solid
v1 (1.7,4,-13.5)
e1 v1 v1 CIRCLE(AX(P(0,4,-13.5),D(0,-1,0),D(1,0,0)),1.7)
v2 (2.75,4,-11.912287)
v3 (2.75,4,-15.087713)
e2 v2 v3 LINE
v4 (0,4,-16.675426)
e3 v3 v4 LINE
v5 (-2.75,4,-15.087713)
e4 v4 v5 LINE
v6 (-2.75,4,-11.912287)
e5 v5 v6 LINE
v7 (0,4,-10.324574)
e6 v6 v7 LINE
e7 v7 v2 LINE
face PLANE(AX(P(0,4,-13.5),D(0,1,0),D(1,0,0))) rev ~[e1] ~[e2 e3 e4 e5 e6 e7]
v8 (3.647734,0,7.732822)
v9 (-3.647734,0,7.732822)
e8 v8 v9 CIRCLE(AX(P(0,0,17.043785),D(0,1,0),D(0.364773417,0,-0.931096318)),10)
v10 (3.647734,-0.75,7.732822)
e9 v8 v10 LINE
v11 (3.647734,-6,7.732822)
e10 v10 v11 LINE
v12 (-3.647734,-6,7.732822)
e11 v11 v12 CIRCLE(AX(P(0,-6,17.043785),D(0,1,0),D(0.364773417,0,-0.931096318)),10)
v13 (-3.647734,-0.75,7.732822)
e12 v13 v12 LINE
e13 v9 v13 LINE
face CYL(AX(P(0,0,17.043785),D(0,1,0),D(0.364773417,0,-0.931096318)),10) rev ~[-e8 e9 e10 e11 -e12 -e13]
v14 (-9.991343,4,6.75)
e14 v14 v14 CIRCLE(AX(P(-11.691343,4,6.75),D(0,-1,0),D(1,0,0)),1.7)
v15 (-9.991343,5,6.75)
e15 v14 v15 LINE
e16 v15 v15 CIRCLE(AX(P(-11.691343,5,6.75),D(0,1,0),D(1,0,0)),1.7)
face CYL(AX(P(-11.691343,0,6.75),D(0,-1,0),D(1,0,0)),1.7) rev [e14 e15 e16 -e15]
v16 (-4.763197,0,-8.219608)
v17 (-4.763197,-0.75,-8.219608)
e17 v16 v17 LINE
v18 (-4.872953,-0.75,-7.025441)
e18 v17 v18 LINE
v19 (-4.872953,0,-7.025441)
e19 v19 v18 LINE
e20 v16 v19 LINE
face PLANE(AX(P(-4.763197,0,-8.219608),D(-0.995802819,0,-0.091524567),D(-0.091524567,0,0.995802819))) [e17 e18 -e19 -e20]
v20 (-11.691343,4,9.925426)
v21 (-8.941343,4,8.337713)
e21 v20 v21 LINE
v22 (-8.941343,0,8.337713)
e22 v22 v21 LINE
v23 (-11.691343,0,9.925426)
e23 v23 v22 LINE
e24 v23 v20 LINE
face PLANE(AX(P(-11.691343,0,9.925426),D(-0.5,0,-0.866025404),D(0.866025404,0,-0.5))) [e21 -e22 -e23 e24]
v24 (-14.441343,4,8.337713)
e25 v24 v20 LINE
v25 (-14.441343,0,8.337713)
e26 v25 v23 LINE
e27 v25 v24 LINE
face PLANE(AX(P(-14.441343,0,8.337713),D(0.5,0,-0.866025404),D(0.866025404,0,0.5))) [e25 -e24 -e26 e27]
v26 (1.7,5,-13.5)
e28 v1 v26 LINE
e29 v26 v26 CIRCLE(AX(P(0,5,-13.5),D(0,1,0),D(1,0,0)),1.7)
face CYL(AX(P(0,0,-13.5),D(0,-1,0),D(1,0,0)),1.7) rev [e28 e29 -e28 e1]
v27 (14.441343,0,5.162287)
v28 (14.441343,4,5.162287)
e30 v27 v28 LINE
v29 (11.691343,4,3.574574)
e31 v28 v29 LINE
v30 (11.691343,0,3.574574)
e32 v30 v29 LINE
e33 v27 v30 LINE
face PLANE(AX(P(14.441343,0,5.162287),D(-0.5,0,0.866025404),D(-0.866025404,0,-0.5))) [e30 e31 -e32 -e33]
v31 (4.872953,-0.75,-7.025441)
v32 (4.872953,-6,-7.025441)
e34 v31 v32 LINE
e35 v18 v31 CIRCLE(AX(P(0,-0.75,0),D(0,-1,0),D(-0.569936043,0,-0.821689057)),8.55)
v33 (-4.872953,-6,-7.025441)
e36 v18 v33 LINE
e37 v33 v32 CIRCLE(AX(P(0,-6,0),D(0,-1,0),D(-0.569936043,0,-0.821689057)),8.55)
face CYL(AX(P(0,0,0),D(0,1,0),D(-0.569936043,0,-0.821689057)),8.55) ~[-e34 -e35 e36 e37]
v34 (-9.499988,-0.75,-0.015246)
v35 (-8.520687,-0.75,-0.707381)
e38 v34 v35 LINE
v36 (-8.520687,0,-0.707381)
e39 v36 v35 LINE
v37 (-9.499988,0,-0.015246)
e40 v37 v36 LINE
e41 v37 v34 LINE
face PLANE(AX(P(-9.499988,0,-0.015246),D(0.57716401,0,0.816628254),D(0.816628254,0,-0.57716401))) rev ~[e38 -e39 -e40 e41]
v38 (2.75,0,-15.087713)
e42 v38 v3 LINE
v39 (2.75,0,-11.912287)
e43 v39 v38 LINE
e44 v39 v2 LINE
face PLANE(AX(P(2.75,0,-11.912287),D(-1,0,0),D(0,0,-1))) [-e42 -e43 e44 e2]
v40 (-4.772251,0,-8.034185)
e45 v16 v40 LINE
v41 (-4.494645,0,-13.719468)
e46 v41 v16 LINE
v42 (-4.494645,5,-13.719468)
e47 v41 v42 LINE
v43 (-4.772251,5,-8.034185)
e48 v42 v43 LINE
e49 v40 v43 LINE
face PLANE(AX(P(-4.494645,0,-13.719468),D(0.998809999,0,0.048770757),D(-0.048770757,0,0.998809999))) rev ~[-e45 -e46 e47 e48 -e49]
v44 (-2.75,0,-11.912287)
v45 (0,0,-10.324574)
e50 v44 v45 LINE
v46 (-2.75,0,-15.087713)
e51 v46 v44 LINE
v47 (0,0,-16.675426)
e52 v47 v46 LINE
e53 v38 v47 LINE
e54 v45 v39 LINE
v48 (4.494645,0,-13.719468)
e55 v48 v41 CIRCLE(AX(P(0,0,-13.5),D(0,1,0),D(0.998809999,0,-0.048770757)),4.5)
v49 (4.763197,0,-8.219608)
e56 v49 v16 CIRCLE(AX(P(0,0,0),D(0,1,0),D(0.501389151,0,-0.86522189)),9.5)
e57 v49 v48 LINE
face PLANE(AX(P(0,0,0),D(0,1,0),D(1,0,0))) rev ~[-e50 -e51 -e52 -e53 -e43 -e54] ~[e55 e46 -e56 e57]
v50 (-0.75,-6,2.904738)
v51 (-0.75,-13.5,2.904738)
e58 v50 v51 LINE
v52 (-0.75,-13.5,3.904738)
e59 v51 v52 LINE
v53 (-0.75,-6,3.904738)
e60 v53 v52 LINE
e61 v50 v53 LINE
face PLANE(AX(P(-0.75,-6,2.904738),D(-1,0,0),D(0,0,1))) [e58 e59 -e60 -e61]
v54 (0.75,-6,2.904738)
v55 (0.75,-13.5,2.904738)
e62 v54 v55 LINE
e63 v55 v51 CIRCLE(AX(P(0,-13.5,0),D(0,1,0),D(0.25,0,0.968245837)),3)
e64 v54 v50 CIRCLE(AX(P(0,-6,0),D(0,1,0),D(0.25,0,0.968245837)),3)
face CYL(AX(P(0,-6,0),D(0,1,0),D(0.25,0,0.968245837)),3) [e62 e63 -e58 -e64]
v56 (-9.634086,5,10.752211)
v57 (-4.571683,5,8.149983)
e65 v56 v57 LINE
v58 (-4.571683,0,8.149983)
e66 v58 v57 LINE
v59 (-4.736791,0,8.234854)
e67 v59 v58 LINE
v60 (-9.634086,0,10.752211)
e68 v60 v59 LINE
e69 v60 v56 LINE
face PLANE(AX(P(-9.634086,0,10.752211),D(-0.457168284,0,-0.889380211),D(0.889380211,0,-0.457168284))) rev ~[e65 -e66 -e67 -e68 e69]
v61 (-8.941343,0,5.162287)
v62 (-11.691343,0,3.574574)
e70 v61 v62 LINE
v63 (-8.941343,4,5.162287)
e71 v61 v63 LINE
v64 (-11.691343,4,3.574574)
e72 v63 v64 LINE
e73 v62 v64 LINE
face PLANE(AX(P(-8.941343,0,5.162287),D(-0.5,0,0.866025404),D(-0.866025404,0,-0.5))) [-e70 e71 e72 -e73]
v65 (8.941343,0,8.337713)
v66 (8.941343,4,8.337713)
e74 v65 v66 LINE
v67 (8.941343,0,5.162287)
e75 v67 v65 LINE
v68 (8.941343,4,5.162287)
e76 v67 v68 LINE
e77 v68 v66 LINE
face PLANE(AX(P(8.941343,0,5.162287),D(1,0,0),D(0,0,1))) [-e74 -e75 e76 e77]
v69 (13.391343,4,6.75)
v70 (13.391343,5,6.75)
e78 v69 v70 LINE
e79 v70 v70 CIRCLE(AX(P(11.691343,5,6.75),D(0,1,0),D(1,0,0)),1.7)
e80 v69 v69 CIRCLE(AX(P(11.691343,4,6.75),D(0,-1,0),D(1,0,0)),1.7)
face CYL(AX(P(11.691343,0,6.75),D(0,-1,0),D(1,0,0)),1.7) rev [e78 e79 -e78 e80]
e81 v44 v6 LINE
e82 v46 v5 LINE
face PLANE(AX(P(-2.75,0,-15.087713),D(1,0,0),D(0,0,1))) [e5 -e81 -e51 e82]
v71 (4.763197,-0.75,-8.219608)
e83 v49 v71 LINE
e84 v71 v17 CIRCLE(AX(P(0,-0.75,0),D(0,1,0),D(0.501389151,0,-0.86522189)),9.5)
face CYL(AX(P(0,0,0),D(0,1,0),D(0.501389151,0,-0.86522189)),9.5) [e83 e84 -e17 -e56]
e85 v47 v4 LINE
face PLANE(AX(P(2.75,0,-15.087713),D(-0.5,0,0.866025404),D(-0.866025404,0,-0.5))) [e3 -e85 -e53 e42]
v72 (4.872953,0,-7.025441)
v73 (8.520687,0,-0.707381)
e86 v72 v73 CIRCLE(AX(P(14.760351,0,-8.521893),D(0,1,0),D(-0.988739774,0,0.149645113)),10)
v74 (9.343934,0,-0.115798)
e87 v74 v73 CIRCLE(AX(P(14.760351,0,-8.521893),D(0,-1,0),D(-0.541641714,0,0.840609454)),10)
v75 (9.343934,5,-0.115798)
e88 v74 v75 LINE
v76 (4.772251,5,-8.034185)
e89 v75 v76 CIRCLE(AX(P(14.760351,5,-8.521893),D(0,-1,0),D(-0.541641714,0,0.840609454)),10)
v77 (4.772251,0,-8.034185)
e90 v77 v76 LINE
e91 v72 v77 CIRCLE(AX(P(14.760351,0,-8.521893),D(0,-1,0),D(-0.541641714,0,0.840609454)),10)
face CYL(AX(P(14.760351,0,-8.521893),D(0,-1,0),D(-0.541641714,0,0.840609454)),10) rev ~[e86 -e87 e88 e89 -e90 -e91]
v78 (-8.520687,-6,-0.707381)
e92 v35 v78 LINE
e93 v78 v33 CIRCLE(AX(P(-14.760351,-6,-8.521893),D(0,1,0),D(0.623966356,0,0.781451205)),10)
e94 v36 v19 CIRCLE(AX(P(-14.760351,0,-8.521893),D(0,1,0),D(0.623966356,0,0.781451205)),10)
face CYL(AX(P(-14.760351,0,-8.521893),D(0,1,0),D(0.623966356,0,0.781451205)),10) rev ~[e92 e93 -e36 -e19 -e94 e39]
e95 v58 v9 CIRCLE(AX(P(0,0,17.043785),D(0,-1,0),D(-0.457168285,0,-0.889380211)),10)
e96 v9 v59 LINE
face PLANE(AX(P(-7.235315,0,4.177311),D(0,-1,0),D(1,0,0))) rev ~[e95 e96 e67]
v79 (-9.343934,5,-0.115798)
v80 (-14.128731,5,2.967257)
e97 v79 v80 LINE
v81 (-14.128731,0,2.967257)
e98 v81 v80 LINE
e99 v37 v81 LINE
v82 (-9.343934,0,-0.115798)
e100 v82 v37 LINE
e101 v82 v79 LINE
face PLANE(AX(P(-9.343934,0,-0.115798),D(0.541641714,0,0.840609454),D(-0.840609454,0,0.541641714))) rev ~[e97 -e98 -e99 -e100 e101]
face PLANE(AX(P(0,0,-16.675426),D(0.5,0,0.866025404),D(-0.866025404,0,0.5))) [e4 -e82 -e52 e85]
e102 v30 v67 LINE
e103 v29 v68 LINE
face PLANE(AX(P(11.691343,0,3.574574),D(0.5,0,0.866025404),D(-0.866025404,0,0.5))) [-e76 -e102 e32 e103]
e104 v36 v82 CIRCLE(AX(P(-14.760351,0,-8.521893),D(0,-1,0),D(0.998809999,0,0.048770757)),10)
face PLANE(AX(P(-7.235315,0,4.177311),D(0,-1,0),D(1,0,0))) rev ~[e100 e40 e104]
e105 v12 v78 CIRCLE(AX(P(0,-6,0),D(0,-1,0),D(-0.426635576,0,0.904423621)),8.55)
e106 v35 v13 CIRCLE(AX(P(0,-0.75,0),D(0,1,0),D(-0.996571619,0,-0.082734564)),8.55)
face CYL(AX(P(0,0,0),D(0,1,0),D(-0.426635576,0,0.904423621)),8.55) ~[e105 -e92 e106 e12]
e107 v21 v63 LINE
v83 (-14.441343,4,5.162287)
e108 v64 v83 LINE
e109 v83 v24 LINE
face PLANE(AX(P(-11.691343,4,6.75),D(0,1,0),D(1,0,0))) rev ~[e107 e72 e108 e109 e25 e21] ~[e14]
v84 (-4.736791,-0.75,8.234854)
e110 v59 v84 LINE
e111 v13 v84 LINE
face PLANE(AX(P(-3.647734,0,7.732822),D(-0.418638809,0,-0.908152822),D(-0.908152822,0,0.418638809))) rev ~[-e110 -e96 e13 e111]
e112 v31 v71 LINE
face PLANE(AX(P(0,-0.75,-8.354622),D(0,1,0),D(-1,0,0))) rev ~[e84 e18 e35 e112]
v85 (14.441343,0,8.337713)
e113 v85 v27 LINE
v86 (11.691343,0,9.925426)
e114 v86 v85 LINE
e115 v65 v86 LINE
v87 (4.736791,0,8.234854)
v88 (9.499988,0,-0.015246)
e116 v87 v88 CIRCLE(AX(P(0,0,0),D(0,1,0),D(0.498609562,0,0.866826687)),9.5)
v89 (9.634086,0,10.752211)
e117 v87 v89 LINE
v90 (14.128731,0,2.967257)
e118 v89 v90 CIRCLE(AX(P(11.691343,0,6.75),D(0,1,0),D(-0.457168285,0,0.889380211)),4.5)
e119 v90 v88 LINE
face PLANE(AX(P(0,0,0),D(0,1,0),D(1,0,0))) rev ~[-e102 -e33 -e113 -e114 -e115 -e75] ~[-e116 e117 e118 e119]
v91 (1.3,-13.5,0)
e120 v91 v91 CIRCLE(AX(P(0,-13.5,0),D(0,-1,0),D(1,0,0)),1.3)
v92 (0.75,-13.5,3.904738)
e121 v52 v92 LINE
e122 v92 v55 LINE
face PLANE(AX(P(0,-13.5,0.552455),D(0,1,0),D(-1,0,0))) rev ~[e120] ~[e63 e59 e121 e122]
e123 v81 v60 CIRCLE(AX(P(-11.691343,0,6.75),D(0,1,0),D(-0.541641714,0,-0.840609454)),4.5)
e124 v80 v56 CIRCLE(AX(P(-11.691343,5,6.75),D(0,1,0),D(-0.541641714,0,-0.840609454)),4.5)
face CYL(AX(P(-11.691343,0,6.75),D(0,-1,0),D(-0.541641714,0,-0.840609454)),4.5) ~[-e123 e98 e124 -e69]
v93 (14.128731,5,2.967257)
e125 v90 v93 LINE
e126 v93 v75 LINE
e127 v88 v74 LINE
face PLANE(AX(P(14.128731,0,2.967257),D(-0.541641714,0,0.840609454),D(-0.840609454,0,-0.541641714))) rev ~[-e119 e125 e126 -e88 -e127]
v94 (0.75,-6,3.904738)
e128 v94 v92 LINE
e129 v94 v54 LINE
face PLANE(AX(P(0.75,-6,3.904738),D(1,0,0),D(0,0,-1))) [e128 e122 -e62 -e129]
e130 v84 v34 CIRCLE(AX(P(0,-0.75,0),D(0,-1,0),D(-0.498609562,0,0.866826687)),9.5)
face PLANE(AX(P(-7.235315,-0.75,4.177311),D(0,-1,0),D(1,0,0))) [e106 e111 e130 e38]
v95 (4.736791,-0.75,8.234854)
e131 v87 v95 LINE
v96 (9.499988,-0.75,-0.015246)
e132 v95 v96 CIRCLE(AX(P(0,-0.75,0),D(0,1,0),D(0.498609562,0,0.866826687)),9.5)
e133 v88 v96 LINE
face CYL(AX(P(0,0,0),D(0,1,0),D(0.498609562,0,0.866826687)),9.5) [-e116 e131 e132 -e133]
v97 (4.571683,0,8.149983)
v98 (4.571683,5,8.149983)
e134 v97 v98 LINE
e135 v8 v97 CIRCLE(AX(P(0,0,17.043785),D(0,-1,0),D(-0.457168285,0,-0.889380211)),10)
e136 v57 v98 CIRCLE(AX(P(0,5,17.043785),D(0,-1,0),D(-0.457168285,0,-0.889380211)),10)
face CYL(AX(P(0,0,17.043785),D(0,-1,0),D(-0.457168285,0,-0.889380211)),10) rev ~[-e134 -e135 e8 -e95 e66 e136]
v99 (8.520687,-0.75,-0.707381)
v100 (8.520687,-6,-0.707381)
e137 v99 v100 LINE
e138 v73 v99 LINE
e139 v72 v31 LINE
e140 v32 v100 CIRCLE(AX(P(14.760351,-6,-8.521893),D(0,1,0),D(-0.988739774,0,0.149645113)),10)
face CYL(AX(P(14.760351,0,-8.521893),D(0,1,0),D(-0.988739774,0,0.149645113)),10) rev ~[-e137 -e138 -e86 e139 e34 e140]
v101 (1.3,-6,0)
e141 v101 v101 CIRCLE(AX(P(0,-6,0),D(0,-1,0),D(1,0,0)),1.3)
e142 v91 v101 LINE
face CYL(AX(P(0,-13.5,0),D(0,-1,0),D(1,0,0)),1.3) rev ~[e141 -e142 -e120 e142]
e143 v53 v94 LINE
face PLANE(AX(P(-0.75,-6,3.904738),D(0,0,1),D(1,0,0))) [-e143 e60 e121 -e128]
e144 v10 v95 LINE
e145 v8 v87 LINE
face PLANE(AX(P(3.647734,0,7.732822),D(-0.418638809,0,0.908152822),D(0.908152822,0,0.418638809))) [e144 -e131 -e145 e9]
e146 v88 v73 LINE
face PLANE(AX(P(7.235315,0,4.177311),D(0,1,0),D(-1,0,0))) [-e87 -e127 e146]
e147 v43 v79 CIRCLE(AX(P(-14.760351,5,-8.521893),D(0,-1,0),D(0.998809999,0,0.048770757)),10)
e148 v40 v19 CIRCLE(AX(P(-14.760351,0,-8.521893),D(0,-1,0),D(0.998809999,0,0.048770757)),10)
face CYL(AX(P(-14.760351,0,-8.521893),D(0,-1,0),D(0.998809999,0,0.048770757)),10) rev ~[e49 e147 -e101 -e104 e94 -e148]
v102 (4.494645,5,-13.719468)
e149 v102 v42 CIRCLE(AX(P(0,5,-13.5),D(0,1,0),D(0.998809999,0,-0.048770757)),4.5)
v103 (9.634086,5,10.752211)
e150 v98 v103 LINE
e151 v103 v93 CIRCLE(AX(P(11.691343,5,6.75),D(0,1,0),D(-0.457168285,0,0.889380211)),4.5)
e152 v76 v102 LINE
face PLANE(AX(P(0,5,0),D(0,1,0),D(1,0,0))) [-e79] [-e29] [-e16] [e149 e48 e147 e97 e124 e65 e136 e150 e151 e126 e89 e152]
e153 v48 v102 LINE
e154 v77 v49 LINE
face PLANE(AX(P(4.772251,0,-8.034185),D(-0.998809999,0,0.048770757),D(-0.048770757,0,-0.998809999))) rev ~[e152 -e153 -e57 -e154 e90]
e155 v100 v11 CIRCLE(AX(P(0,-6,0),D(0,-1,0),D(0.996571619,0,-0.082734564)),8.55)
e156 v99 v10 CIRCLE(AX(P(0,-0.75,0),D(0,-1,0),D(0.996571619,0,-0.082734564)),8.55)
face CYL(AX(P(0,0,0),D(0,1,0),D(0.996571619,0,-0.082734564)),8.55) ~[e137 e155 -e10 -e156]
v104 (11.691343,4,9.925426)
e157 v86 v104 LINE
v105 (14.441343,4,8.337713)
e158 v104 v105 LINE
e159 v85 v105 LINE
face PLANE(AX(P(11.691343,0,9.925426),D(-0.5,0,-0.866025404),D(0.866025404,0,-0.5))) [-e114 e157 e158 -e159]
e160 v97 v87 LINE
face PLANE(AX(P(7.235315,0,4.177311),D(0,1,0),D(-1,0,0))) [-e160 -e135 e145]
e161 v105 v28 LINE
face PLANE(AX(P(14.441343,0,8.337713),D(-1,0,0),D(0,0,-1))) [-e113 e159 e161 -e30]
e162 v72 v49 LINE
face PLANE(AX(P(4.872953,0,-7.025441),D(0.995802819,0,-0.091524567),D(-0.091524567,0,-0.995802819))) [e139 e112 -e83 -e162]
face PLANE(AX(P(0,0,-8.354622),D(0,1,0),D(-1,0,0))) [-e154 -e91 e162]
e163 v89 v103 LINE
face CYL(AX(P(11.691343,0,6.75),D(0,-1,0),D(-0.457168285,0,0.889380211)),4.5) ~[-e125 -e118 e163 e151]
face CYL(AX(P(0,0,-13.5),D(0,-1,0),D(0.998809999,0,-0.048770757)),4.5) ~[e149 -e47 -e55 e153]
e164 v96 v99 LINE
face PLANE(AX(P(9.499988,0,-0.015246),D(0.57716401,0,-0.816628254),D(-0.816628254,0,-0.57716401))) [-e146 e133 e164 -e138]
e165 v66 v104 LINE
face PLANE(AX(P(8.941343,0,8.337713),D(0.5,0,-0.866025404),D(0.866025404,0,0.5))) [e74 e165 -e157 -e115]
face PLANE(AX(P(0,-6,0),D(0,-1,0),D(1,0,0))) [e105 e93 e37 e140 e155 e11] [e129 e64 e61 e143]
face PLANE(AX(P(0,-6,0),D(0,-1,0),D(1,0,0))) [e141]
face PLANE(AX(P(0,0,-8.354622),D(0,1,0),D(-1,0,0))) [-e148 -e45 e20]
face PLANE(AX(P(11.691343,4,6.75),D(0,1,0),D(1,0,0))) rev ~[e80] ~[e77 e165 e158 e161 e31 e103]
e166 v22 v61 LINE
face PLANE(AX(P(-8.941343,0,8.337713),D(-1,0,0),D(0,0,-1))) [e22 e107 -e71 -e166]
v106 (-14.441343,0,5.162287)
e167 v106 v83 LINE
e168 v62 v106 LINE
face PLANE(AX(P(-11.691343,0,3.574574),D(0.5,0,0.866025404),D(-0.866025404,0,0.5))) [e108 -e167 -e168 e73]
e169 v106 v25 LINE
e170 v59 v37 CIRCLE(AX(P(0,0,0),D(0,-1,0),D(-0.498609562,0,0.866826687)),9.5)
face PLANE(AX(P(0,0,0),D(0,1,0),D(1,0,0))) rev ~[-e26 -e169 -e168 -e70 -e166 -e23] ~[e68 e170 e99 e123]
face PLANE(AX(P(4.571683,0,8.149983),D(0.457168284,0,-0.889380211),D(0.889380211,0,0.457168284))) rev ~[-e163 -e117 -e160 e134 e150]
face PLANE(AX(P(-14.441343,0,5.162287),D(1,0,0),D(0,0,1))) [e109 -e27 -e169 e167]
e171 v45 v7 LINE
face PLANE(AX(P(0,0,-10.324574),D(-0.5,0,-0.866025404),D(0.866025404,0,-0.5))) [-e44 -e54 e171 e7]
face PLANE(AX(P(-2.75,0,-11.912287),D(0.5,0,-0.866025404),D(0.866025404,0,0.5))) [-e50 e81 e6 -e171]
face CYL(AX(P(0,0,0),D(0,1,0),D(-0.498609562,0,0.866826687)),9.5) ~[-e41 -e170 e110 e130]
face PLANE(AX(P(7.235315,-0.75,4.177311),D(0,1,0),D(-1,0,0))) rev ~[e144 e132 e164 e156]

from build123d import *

# Parameters (mm, degrees)
SKETCH1_R           = 1.7
BOSS_EXTRUDE1_DEPTH = 5
CUT_EXTRUDE1_START  = -5
CUT_EXTRUDE1_DEPTH  = 4
BOSS_EXTRUDE2_DEPTH = 6
BOSS_EXTRUDE3_DEPTH = 0.75
BOSS_EXTRUDE4_DEPTH = 7.5
SKETCH7_R           = 1.3
CUT_EXTRUDE2_DEPTH  = 7.5


with BuildPart() as part:
    # Sketch1 → Boss-Extrude1 (new body)
    with BuildSketch(Plane(origin=(0, 0, 0), x_dir=(1, 0, 0), z_dir=(0, 1, 0))):
        with BuildLine():
            Line((-4.494644994, 13.719468408), (-4.772250922, 8.034184997))
            ThreePointArc((-4.772250922, 8.034184997), (-6.10009687, 3.52189257), (-9.343933767, 0.115798034))
            Line((-9.343933767, 0.115798034), (-14.128730664, -2.967257459))
            ThreePointArc((-14.128730664, -2.967257459), (-15.588457268, -9), (-9.634085671, -10.752210949))
            Line((-9.634085671, -10.752210949), (-4.571682845, -8.149983031))
            ThreePointArc((-4.571682845, -8.149983031), (0, -7.04378514), (4.571682845, -8.149983031))
            Line((4.571682845, -8.149983031), (9.634085671, -10.752210949))
            ThreePointArc((9.634085671, -10.752210949), (15.588457268, -9), (14.128730664, -2.967257459))
            Line((14.128730664, -2.967257459), (9.343933767, 0.115798034))
            ThreePointArc((9.343933767, 0.115798034), (6.10009687, 3.52189257), (4.772250922, 8.034184997))
            Line((4.772250922, 8.034184997), (4.494644994, 13.719468408))
            ThreePointArc((4.494644994, 13.719468408), (0, 18), (-4.494644994, 13.719468408))
        make_face()
        with Locations((0, 13.5)):
            Circle(SKETCH1_R, mode=Mode.SUBTRACT)
        with Locations((11.691342951, -6.75)):
            Circle(SKETCH1_R, mode=Mode.SUBTRACT)
        with Locations((-11.691342951, -6.75)):
            Circle(SKETCH1_R, mode=Mode.SUBTRACT)
    extrude(amount=BOSS_EXTRUDE1_DEPTH)

    # Sketch2 → Cut-Extrude1 (cut)
    with BuildSketch(Plane(origin=(0, 5, 0), x_dir=(1, 0, 0), z_dir=(0, 1, 0)).offset(CUT_EXTRUDE1_START)):
        Polygon((14.441342951, -8.33771324), (14.441342951, -5.16228676), (11.691342951, -3.574573519), (8.941342951, -5.16228676), (8.941342951, -8.33771324), (11.691342951, -9.925426481), align=None)
        Polygon((0, 16.675426481), (-2.75, 15.08771324), (-2.75, 11.91228676), (0, 10.324573519), (2.75, 11.91228676), (2.75, 15.08771324), align=None)
        Polygon((-14.441342951, -8.33771324), (-11.691342951, -9.925426481), (-8.941342951, -8.33771324), (-8.941342951, -5.16228676), (-11.691342951, -3.574573519), (-14.441342951, -5.16228676), align=None)
    extrude(amount=CUT_EXTRUDE1_DEPTH, mode=Mode.SUBTRACT)

    # Sketch4 → Boss-Extrude2 (add)
    with BuildSketch(Plane.XZ):
        with BuildLine():
            ThreePointArc((-4.872953171, -7.025441438), (0, -8.55), (4.872953171, -7.025441438))
            ThreePointArc((4.872953171, -7.025441438), (6.10009687, -3.52189257), (8.520687343, -0.707380519))
            ThreePointArc((8.520687343, -0.707380519), (7.404517202, 4.275), (3.647734172, 7.732821956))
            ThreePointArc((3.647734172, 7.732821956), (0, 7.04378514), (-3.647734172, 7.732821956))
            ThreePointArc((-3.647734172, 7.732821956), (-7.404517202, 4.275), (-8.520687343, -0.707380519))
            ThreePointArc((-8.520687343, -0.707380519), (-6.10009687, -3.52189257), (-4.872953171, -7.025441438))
        make_face()
    extrude(amount=BOSS_EXTRUDE2_DEPTH)

    # Sketch5 → Boss-Extrude3 (add)
    with BuildSketch(Plane.XZ):
        with BuildLine():
            Line((-9.499987767, -0.015245565), (-8.520687343, -0.707380519))
            ThreePointArc((-8.520687343, -0.707380519), (-7.404517202, 4.275), (-3.647734172, 7.732821956))
            Line((-3.647734172, 7.732821956), (-4.736790837, 8.234853524))
            ThreePointArc((-4.736790837, 8.234853524), (-8.227241336, 4.75), (-9.499987767, -0.015245565))
        make_face()
        with BuildLine():
            Line((9.499987767, -0.015245565), (8.520687343, -0.707380519))
            ThreePointArc((8.520687343, -0.707380519), (7.404517202, 4.275), (3.647734172, 7.732821956))
            Line((3.647734172, 7.732821956), (4.736790837, 8.234853524))
            ThreePointArc((4.736790837, 8.234853524), (8.227241336, 4.75), (9.499987767, -0.015245565))
        make_face()
        with BuildLine():
            Line((-4.76319693, -8.219607959), (-4.872953171, -7.025441438))
            ThreePointArc((-4.872953171, -7.025441438), (0, -8.55), (4.872953171, -7.025441438))
            Line((4.872953171, -7.025441438), (4.76319693, -8.219607959))
            ThreePointArc((4.76319693, -8.219607959), (0, -9.5), (-4.76319693, -8.219607959))
        make_face()
    extrude(amount=BOSS_EXTRUDE3_DEPTH)

    # Sketch6 → Boss-Extrude4 (add)
    with BuildSketch(Plane.XZ.offset(6)):
        with BuildLine():
            Line((-0.75, 2.90473751), (-0.75, 3.90473751))
            Line((-0.75, 3.90473751), (0.75, 3.90473751))
            Line((0.75, 3.90473751), (0.75, 2.90473751))
            ThreePointArc((0.75, 2.90473751), (0, -3), (-0.75, 2.90473751))
        make_face()
    extrude(amount=BOSS_EXTRUDE4_DEPTH)

    # Sketch7 → Cut-Extrude2 (cut)
    with BuildSketch(Plane.XZ.offset(13.5)):
        Circle(SKETCH7_R)
    extrude(amount=-CUT_EXTRUDE2_DEPTH, mode=Mode.SUBTRACT)


solid = part.part
